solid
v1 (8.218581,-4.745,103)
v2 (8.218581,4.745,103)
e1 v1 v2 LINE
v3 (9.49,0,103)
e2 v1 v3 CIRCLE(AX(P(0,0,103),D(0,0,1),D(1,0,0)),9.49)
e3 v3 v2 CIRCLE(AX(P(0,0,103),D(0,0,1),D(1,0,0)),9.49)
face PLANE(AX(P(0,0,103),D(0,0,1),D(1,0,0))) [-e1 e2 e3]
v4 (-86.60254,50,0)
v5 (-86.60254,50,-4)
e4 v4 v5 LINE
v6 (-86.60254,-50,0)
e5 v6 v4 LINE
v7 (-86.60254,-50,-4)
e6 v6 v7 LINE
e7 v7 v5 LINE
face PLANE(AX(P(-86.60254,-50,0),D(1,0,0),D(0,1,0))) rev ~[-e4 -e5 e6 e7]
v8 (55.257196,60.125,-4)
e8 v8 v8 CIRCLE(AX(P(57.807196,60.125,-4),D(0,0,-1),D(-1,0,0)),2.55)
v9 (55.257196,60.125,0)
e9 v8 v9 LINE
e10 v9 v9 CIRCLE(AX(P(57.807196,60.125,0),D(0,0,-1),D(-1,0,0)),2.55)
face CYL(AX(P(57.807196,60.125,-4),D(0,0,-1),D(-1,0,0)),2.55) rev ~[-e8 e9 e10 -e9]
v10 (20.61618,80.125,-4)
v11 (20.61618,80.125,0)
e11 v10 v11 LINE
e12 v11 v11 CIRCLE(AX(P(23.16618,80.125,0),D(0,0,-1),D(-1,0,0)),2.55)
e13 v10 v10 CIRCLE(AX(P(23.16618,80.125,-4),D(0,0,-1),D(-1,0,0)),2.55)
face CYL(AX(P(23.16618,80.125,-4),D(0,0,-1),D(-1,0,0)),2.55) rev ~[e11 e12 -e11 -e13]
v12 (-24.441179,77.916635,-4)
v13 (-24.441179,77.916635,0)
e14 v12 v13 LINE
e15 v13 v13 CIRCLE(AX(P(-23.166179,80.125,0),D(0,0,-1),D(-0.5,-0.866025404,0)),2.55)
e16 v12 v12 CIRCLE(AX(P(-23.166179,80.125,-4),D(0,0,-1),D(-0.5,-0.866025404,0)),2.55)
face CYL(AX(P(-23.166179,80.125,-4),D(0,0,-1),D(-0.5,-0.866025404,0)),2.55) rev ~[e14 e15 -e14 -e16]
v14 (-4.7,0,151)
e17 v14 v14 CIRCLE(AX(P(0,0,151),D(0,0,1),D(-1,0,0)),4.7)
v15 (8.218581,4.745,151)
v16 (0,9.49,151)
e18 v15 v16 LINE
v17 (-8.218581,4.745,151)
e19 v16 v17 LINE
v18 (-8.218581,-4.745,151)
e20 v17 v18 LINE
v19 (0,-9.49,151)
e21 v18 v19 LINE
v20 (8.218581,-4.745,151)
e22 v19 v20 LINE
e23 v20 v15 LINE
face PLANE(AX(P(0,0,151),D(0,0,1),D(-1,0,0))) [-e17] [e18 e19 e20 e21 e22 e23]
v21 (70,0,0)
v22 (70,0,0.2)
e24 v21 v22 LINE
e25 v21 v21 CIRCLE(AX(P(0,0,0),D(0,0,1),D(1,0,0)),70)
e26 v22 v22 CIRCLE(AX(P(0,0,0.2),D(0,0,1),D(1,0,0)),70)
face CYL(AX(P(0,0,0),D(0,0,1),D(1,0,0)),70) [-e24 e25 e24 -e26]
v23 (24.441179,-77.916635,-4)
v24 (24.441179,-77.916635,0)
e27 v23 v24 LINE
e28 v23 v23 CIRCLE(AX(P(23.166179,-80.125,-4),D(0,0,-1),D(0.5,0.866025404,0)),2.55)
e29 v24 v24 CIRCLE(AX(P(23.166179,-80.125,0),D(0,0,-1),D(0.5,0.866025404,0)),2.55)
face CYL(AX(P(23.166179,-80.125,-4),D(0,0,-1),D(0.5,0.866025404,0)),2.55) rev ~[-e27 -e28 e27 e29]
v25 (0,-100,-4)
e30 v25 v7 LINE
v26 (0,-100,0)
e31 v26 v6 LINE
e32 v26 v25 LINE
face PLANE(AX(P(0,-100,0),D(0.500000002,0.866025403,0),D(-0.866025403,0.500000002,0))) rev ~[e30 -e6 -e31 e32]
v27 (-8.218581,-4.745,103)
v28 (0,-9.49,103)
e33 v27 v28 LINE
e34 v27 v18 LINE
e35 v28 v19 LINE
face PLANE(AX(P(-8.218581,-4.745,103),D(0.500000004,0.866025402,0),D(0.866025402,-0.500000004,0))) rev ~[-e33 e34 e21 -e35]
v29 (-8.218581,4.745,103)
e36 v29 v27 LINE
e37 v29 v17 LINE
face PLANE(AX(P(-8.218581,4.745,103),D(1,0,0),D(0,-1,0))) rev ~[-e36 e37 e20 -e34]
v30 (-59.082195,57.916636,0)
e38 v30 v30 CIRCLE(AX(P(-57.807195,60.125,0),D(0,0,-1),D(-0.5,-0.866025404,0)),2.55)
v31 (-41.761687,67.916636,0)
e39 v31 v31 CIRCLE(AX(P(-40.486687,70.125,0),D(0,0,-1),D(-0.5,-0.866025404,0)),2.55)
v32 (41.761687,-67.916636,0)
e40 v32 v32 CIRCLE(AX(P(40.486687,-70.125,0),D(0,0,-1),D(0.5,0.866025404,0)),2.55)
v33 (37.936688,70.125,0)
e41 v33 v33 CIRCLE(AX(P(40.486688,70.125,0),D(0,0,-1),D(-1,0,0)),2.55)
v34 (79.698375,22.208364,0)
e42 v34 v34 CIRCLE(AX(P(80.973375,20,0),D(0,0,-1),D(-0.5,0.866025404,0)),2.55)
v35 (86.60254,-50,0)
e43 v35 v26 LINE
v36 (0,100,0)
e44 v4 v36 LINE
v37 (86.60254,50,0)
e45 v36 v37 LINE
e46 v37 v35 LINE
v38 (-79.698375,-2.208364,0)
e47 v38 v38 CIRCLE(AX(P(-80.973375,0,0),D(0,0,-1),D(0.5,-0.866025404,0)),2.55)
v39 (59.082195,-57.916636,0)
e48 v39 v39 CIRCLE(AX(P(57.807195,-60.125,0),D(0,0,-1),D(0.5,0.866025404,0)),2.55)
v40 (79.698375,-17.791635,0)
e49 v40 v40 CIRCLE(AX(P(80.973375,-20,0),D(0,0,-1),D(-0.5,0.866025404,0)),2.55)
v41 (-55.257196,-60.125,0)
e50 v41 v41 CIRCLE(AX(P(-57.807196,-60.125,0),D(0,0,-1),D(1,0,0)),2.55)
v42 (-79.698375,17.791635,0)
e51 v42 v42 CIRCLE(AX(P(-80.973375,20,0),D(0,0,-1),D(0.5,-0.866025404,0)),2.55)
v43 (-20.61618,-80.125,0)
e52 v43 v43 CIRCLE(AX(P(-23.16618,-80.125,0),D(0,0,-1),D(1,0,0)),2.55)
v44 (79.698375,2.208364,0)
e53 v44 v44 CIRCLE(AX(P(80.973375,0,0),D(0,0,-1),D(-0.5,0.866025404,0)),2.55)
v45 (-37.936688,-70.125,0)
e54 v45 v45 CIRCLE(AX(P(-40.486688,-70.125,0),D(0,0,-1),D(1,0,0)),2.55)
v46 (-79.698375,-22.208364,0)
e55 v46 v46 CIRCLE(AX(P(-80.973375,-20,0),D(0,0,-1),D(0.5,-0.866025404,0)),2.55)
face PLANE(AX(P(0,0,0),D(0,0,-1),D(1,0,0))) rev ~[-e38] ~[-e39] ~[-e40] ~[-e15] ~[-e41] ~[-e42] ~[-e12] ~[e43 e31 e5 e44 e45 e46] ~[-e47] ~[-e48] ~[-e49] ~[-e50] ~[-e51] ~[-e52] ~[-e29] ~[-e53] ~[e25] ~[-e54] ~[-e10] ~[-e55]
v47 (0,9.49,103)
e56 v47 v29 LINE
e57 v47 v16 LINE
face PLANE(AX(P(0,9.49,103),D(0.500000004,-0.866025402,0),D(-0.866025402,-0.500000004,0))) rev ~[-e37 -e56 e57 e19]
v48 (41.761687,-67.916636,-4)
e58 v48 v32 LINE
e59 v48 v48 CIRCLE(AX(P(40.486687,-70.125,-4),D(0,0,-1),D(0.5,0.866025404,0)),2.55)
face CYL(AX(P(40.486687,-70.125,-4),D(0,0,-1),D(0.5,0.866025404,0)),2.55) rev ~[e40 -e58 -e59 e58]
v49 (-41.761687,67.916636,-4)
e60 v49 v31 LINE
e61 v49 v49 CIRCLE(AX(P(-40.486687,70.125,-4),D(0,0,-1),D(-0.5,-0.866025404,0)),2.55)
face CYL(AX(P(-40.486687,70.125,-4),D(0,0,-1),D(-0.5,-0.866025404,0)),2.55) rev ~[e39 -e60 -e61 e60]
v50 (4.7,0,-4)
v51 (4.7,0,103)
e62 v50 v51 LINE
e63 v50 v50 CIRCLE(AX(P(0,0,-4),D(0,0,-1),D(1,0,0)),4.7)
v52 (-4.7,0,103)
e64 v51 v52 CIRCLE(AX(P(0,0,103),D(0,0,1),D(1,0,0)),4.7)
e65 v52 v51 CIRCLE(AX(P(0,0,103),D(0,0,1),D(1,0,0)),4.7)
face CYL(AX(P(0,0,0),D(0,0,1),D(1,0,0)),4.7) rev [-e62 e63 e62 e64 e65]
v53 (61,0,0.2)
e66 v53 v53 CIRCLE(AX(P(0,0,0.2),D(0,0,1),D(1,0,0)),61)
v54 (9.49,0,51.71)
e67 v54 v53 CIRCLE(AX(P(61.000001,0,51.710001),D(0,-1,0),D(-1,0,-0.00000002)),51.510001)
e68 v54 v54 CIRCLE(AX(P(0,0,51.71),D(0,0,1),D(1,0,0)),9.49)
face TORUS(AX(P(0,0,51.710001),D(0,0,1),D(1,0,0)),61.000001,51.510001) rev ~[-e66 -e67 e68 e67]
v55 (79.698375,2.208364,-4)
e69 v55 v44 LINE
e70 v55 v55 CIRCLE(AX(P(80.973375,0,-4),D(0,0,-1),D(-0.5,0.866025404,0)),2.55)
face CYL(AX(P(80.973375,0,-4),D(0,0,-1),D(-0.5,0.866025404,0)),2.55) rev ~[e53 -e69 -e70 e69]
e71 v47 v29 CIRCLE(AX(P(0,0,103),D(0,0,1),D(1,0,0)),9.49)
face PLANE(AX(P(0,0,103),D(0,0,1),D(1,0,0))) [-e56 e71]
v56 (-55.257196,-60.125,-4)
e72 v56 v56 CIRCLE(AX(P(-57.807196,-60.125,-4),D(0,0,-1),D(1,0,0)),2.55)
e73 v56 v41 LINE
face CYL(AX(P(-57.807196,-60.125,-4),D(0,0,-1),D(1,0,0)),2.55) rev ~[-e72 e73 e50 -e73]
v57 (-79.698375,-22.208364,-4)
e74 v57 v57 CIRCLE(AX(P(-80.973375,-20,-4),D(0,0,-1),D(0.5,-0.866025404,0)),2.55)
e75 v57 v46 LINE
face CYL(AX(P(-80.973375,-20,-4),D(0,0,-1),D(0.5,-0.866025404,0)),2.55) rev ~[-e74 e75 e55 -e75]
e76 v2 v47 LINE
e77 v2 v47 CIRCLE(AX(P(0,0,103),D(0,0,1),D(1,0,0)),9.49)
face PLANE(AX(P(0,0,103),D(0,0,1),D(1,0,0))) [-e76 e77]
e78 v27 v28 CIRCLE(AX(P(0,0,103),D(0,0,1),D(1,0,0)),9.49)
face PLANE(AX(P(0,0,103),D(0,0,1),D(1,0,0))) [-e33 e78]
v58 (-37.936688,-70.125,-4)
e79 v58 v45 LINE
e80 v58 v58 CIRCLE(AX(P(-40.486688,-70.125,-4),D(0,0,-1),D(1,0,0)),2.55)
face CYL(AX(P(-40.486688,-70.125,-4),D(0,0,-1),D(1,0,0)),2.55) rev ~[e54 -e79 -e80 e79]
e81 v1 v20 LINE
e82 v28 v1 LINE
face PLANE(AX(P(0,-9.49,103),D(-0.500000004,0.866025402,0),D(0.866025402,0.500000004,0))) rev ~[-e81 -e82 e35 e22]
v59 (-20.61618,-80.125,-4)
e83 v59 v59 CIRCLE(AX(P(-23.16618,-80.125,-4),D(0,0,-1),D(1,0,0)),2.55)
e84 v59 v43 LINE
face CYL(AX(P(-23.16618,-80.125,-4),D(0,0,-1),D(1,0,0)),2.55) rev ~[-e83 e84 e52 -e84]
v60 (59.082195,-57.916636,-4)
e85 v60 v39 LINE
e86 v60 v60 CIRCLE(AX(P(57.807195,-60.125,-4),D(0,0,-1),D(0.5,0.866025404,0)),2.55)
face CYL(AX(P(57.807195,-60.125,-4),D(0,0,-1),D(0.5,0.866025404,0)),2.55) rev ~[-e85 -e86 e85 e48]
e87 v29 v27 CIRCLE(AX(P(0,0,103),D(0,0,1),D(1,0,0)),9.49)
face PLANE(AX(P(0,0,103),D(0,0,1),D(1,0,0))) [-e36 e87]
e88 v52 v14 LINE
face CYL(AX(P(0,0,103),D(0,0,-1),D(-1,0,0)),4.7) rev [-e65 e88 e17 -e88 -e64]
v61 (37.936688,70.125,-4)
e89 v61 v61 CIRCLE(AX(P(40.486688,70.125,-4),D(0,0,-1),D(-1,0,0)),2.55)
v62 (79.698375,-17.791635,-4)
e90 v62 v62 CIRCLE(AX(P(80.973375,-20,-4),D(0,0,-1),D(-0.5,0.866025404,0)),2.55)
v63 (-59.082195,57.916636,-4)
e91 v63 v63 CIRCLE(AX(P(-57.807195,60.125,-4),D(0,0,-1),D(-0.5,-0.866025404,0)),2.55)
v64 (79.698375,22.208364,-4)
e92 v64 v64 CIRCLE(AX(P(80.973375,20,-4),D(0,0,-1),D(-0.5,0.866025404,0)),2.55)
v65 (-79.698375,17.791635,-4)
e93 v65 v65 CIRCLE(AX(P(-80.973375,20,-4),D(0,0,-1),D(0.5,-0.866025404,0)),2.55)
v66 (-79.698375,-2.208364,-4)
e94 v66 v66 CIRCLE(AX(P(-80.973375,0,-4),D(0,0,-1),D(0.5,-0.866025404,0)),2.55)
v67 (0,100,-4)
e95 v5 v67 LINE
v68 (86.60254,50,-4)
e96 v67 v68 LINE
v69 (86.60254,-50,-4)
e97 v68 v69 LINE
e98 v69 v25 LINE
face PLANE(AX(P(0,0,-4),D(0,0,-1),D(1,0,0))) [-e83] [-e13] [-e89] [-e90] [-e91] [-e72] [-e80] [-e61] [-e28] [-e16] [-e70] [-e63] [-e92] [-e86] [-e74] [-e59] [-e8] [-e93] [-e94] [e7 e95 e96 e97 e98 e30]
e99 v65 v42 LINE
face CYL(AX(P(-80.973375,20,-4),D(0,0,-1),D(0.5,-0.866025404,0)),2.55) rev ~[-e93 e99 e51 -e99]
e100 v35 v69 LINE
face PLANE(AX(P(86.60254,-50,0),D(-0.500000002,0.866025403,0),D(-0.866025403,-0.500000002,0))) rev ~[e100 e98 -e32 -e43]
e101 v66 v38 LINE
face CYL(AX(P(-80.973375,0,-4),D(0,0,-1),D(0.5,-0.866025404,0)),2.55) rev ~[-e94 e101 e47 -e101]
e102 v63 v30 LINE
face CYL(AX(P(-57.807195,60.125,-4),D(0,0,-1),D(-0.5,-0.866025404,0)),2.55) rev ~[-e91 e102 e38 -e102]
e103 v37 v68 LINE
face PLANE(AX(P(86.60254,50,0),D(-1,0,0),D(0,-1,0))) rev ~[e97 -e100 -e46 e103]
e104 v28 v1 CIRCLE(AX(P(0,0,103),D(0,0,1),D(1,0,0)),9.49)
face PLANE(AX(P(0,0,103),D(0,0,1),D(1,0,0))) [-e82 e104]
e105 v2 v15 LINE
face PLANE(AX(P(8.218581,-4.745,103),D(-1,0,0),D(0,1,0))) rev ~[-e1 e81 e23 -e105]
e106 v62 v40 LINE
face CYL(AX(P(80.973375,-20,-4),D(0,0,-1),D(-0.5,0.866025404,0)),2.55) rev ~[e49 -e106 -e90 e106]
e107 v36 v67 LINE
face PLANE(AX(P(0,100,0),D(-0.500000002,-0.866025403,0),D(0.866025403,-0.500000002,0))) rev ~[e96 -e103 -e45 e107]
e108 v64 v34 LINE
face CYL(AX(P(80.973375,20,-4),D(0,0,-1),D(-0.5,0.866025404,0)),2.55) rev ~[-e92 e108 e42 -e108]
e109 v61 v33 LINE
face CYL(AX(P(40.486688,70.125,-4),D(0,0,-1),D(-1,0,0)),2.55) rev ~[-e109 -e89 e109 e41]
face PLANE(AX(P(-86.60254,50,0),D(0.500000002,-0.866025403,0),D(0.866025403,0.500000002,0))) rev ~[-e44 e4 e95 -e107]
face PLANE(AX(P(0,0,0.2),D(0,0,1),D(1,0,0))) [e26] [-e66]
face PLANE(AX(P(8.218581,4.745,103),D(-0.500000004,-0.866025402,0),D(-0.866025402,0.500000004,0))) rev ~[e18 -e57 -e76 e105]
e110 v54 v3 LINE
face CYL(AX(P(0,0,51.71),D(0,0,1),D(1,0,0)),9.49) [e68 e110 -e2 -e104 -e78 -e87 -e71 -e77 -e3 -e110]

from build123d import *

# Parameters (mm, degrees)
SKETCH001_R        = 4.7
PAD_DEPTH          = 4
SKETCH003_R        = 2.55
POCKET_DEPTH       = 5
POLARPATTERN_COUNT = 6
SKETCH002_R        = 4.7
PAD001_DEPTH       = 48


with BuildPart() as part:
    # Sketch → Revolution (revolve)
    with BuildSketch(Plane.XZ):
        with BuildLine():
            Line((9.49, 51.71), (9.49, 103))
            Line((9.49, 103), (4.7, 103))
            Line((4.7, 103), (4.7, 0))
            Line((4.7, 0), (70, 0))
            Line((70, 0), (70, 0.2))
            Line((70, 0.2), (61, 0.2))
            ThreePointArc((9.49, 51.71), (24.57693, 15.28693), (61, 0.2))
        make_face()
    revolve(axis=Axis((0, 0, 0), (0, 0, 1)))

    # Sketch001 (on Face4 of Revolution) → Pad (new body)
    with BuildSketch(Plane(origin=(0, 0, 0), x_dir=(1, 0, 0), z_dir=(0, 0, -1))):
        Polygon((0, 100), (-86.60254, 50), (-86.60254, -50), (0, -100), (86.60254, -50), (86.60254, 50), align=None)
        Circle(SKETCH001_R, mode=Mode.SUBTRACT)
    extrude(amount=PAD_DEPTH)

    # Sketch003 → Pocket (cut)
    with BuildSketch(Plane(origin=(0, 0, -4), x_dir=(1, 0, 0), z_dir=(0, 0, -1))):
        with Locations((-57.807196, 60.125)):
            Circle(SKETCH003_R)
        with Locations((-40.486688, 70.125)):
            Circle(SKETCH003_R)
        with Locations((-23.16618, 80.125)):
            Circle(SKETCH003_R)
    pocket = extrude(amount=-POCKET_DEPTH, mode=Mode.SUBTRACT)

    # PolarPattern: Pocket ×6 about axis
    polarpattern_axis = Axis((0, 0, -4), (0, 0, -1))
    for i in range(1, POLARPATTERN_COUNT):
        add(pocket.rotate(polarpattern_axis, i * 360 / POLARPATTERN_COUNT), mode=Mode.SUBTRACT)

    # Sketch002 (on Face3 of Pad) → Pad001 (join)
    with BuildSketch(Plane(origin=(0, 0, 103), x_dir=(-1, 0, 0), z_dir=(0, 0, 1))):
        Polygon((0, 9.49), (-8.218581, 4.745), (-8.218581, -4.745), (0, -9.49), (8.218581, -4.745), (8.218581, 4.745), align=None)
        Circle(SKETCH002_R, mode=Mode.SUBTRACT)
    extrude(amount=PAD001_DEPTH)


solid = part.part
